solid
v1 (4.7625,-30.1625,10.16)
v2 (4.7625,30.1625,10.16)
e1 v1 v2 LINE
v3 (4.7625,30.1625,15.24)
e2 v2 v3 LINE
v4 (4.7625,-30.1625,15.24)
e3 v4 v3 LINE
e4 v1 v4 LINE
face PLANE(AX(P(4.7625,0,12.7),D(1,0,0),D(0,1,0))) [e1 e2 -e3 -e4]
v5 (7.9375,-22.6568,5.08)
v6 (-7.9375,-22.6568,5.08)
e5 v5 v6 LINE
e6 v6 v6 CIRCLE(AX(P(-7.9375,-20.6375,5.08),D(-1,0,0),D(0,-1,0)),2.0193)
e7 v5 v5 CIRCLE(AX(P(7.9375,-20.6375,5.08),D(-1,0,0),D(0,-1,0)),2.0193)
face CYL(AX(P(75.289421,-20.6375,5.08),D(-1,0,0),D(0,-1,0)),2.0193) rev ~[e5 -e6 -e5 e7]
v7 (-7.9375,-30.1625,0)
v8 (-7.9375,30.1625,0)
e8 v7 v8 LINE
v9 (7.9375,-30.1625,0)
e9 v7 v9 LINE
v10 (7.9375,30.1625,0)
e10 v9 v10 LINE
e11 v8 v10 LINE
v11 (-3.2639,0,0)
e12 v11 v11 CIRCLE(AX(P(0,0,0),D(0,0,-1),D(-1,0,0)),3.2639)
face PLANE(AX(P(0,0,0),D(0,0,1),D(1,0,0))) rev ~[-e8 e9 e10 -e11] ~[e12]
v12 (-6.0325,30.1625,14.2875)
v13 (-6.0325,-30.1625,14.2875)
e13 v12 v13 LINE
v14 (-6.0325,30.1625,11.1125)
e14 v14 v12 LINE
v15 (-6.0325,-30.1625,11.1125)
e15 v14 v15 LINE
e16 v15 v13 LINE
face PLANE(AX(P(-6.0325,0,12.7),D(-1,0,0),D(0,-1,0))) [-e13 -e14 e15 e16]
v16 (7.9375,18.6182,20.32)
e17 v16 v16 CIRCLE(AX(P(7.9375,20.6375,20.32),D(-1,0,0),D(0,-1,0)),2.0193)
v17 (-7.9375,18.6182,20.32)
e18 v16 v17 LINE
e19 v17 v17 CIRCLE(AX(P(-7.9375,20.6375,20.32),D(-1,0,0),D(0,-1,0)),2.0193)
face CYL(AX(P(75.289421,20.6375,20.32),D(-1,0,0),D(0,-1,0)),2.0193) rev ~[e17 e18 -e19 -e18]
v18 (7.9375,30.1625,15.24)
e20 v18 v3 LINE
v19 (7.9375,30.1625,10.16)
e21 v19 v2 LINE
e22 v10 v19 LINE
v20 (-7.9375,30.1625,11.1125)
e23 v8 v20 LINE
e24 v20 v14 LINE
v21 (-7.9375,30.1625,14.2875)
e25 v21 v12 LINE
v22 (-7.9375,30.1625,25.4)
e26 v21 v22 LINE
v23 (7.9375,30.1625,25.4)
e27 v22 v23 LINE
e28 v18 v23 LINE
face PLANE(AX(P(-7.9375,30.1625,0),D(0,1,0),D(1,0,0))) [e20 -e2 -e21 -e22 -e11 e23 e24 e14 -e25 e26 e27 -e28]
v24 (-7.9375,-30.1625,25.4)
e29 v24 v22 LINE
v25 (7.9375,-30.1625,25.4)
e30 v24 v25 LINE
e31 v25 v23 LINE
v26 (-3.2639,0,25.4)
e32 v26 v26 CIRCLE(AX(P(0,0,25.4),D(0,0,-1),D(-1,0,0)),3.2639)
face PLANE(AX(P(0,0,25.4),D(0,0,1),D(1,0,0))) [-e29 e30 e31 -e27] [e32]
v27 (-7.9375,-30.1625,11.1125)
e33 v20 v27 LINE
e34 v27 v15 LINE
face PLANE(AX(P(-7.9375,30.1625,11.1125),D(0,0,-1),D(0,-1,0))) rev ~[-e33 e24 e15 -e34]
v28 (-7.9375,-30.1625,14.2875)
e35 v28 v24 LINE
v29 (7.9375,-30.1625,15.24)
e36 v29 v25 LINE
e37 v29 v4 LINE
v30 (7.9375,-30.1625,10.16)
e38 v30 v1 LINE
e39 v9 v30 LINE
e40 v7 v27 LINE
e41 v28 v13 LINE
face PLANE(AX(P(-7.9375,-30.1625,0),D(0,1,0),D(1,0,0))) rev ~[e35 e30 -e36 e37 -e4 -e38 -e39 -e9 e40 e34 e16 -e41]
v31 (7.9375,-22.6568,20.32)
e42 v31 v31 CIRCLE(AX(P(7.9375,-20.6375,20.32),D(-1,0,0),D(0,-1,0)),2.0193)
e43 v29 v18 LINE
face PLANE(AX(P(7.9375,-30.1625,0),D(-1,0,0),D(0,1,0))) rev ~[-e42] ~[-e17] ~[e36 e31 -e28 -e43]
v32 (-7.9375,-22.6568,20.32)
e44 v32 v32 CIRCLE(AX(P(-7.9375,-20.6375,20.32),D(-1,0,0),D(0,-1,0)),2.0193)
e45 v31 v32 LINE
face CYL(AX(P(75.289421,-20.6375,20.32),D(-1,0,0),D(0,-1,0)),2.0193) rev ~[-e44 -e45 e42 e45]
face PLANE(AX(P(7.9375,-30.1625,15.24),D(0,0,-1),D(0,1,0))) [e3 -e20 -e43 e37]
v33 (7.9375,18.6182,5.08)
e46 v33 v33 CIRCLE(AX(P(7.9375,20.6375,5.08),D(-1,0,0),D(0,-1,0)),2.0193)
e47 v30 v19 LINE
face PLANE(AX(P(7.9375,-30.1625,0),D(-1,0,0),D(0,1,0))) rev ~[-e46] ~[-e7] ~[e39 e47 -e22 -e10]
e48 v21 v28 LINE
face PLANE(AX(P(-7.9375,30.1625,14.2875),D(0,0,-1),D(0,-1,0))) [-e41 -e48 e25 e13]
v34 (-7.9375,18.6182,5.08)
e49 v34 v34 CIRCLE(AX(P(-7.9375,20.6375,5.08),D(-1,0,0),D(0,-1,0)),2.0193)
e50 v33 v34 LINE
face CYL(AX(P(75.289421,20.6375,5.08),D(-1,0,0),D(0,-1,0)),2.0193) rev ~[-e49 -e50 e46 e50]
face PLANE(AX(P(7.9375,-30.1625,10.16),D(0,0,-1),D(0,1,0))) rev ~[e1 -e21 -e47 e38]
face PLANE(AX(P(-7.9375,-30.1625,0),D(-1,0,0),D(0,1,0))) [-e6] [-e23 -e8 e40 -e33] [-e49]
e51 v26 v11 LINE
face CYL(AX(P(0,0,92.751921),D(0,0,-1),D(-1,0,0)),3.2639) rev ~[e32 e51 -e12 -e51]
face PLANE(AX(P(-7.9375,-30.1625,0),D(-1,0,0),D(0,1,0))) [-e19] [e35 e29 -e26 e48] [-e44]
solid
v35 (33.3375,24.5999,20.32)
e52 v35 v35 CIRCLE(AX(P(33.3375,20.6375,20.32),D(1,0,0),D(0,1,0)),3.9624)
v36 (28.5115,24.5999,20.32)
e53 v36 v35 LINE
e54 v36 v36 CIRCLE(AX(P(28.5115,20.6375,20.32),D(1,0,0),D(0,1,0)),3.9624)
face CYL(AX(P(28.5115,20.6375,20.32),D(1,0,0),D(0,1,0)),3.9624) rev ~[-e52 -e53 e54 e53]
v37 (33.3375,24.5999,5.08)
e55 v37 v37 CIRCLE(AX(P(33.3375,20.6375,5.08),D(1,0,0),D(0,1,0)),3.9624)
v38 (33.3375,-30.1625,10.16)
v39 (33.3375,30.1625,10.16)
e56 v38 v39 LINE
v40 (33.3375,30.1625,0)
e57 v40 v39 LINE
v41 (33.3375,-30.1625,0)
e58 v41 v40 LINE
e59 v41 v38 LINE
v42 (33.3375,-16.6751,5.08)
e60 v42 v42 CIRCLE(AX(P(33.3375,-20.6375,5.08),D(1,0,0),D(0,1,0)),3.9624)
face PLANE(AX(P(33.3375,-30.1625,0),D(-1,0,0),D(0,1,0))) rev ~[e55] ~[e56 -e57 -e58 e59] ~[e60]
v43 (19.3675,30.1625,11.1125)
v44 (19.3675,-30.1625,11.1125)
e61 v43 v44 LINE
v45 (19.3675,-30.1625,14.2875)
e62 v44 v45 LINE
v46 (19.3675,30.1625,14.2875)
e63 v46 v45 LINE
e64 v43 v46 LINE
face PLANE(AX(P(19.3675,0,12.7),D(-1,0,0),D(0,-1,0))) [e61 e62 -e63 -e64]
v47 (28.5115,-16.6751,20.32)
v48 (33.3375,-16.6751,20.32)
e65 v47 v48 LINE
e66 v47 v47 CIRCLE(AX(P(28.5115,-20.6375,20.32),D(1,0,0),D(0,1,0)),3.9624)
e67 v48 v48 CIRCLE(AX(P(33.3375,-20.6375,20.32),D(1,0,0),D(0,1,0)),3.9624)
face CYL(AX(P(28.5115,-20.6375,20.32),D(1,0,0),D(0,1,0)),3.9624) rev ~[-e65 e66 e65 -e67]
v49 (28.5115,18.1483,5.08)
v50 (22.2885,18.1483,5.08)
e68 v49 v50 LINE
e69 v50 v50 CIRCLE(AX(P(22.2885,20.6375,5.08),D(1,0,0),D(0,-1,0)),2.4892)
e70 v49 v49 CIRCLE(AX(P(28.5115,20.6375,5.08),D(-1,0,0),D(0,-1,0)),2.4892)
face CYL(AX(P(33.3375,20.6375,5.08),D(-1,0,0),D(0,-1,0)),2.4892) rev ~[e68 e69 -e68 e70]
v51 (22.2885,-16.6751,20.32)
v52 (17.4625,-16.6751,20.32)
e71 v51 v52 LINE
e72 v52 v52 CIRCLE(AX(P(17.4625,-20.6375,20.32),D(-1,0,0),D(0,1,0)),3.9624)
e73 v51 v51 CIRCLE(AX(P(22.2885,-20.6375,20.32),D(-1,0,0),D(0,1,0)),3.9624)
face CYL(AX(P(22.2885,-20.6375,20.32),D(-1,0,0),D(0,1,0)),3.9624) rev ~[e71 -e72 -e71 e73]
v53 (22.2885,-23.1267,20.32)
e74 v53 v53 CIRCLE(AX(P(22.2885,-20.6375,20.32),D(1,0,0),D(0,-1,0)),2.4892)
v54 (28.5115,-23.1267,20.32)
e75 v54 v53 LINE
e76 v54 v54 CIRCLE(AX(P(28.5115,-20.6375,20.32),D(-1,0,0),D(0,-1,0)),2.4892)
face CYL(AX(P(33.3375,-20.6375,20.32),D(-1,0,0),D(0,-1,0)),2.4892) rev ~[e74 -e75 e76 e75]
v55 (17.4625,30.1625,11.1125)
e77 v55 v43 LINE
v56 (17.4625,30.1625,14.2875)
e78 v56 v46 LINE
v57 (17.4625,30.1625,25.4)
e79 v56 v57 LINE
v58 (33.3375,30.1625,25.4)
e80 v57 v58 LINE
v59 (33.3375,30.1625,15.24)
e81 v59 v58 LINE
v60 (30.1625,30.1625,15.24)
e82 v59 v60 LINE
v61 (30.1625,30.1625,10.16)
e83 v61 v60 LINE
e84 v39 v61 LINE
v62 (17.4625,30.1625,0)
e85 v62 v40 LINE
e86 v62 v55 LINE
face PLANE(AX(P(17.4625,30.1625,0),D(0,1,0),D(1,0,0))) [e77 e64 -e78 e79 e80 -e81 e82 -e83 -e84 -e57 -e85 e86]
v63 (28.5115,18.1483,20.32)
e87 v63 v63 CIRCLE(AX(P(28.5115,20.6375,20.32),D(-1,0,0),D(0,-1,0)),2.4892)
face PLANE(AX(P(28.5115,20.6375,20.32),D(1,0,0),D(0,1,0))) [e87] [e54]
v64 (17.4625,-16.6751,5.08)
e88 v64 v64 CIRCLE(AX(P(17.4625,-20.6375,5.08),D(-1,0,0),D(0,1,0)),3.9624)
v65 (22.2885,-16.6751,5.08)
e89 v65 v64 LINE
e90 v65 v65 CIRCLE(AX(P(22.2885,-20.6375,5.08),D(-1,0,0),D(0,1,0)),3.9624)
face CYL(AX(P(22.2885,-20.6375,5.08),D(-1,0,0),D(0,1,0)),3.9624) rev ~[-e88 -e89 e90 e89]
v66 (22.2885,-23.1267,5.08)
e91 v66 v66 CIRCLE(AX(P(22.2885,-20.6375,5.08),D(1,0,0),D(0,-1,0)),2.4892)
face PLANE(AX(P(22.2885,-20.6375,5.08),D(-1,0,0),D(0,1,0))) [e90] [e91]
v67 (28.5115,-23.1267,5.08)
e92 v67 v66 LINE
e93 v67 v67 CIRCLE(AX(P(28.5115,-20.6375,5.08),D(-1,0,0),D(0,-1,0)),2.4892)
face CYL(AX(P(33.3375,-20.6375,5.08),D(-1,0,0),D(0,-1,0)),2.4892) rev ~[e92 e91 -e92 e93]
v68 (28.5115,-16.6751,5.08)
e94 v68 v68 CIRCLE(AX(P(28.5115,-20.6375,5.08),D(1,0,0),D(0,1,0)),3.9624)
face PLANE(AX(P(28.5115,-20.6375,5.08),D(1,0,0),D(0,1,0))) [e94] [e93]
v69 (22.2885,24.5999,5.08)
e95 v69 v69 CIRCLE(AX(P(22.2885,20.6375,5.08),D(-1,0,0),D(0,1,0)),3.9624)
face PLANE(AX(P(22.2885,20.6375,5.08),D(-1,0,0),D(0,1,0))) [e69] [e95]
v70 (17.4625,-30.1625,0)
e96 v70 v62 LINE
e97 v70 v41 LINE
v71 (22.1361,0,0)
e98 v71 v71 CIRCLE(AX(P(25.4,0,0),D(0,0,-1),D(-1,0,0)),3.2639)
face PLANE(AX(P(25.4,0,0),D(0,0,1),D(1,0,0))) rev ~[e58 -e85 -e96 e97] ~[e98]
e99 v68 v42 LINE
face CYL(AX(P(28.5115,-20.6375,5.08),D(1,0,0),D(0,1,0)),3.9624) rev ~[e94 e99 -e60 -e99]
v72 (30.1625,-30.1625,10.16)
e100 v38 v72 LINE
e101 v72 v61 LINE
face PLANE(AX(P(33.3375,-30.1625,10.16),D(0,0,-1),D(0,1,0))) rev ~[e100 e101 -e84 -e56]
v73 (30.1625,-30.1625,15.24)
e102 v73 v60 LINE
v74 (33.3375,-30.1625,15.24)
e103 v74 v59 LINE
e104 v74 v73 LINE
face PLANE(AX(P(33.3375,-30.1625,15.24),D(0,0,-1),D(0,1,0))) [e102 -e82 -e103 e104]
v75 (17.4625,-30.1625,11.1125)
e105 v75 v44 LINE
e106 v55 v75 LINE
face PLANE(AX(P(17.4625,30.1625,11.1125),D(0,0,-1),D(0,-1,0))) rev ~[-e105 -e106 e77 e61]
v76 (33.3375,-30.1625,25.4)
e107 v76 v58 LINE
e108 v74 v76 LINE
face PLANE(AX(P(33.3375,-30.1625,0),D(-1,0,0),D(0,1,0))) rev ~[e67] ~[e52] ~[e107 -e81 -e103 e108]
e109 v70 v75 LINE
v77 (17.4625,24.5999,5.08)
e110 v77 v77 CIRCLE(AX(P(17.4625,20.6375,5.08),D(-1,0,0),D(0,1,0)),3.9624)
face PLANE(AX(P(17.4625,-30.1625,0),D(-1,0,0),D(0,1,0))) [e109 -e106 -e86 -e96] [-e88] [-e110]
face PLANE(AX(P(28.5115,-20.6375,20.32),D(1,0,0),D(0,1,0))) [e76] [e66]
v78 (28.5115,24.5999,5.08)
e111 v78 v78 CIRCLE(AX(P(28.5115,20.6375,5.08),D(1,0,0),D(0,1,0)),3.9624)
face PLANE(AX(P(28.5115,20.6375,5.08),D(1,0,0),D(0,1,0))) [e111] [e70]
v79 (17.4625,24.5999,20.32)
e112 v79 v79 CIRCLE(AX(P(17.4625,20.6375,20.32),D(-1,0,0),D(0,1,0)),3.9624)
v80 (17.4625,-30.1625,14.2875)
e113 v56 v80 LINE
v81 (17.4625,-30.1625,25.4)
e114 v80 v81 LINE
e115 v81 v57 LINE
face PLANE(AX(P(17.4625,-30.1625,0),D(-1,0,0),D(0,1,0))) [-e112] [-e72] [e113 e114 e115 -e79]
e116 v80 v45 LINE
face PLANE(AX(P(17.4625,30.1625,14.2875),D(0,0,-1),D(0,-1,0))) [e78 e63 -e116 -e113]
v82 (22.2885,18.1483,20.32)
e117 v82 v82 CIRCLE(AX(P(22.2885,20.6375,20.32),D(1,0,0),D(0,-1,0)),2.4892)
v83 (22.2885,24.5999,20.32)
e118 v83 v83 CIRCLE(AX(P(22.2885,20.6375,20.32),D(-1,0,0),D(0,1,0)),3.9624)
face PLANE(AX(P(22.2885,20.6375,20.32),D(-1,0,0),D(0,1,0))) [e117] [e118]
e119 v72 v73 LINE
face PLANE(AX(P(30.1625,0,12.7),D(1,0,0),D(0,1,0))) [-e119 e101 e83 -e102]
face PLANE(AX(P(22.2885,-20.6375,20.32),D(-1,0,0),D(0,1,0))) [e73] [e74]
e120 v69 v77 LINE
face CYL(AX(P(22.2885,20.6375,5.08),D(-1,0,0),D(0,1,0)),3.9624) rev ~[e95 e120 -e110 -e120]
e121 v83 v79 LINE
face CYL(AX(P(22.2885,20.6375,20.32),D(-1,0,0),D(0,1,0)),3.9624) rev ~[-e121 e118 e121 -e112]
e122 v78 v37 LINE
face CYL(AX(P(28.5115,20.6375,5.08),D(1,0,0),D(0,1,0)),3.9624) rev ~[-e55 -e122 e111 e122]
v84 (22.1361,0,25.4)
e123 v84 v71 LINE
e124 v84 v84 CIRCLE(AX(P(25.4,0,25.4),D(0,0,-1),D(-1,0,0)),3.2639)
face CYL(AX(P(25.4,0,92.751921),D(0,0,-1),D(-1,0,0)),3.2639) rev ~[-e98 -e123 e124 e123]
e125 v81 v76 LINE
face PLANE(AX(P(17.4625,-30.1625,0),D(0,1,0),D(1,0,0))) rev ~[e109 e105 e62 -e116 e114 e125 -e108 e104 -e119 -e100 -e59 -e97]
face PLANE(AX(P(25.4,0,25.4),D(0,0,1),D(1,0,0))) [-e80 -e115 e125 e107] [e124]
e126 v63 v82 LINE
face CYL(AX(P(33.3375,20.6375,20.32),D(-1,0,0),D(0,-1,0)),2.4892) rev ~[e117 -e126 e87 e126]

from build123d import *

# Parameters (mm, degrees)
F0_W            = 15.875
F0_H            = 60.325
F1_DEPTH        = 25.4
F3_D            = 6.5278
F4_W            = 60.325
F4_H            = 5.08
F5_DEPTH        = 3.175
F6_W            = 60.325
F6_H            = 3.175
F7_DEPTH        = 1.905
F10_D           = 4.0386
F12_D           = 4.9784
F12_CBORE_D     = 7.9248
F12_CBORE_DEPTH = 4.826
F14_D           = 4.9784
F14_START       = 9.525
F14_CBORE_D     = 7.9248
F14_CBORE_DEPTH = 4.826


with BuildPart() as f1:
    # F0 (on Top) → F1 (new body)
    with BuildSketch(Plane.XY):
        Rectangle(F0_W, F0_H)
    extrude(amount=F1_DEPTH)

    # F3 (through all)
    with Locations(Plane.XY.offset(25.4)):
        with Locations((0, 0)):
            Hole(F3_D / 2)

    # F4 (on face) → F5 (cut)
    with BuildSketch(Plane.YZ.offset(7.9375)):
        with Locations((0, 12.7)):
            Rectangle(F4_W, F4_H)
    extrude(amount=-F5_DEPTH, mode=Mode.SUBTRACT)

    # F6 (on face) → F7 (cut)
    with BuildSketch(Plane(origin=(-7.9375, 0, 0), x_dir=(0, -1, 0), z_dir=(-1, 0, 0))):
        with Locations((0, 12.7)):
            Rectangle(F6_W, F6_H)
    extrude(amount=-F7_DEPTH, mode=Mode.SUBTRACT)


with BuildPart() as f8_1:
    # F8: copy of F1
    add(f1.part.moved(Location((25.4, 0, 0))))

    # F12 (through all)
    with Locations(Plane.YZ.offset(33.3375)):
        with Locations((-20.6375, 20.32), (20.6375, 20.32), (20.6375, 5.08), (-20.6375, 5.08)):
            CounterBoreHole(F12_D / 2, F12_CBORE_D / 2, F12_CBORE_DEPTH)

    # F14 (through all)
    # its depths count from where the whole tool has entered the part; down to there all is cleared
    with Locations(Plane(origin=(7.9375, 0, 0), x_dir=(0, 1, 0), z_dir=(-1, 0, 0)).offset(-F14_START)):
        with Locations((20.6375, -20.32), (-20.6375, -20.32), (-20.6375, -5.08), (20.6375, -5.08)):
            CounterBoreHole(F14_D / 2, F14_CBORE_D / 2, F14_CBORE_DEPTH)


with BuildPart() as f1_1:
    add(f1.part)

    # F10 (through all)
    with Locations(Plane.YZ.offset(7.9375)):
        with Locations((-20.6375, 20.32), (-20.6375, 5.08), (20.6375, 5.08), (20.6375, 20.32)):
            Hole(F10_D / 2)


solid = Compound([f8_1.part, f1_1.part])
